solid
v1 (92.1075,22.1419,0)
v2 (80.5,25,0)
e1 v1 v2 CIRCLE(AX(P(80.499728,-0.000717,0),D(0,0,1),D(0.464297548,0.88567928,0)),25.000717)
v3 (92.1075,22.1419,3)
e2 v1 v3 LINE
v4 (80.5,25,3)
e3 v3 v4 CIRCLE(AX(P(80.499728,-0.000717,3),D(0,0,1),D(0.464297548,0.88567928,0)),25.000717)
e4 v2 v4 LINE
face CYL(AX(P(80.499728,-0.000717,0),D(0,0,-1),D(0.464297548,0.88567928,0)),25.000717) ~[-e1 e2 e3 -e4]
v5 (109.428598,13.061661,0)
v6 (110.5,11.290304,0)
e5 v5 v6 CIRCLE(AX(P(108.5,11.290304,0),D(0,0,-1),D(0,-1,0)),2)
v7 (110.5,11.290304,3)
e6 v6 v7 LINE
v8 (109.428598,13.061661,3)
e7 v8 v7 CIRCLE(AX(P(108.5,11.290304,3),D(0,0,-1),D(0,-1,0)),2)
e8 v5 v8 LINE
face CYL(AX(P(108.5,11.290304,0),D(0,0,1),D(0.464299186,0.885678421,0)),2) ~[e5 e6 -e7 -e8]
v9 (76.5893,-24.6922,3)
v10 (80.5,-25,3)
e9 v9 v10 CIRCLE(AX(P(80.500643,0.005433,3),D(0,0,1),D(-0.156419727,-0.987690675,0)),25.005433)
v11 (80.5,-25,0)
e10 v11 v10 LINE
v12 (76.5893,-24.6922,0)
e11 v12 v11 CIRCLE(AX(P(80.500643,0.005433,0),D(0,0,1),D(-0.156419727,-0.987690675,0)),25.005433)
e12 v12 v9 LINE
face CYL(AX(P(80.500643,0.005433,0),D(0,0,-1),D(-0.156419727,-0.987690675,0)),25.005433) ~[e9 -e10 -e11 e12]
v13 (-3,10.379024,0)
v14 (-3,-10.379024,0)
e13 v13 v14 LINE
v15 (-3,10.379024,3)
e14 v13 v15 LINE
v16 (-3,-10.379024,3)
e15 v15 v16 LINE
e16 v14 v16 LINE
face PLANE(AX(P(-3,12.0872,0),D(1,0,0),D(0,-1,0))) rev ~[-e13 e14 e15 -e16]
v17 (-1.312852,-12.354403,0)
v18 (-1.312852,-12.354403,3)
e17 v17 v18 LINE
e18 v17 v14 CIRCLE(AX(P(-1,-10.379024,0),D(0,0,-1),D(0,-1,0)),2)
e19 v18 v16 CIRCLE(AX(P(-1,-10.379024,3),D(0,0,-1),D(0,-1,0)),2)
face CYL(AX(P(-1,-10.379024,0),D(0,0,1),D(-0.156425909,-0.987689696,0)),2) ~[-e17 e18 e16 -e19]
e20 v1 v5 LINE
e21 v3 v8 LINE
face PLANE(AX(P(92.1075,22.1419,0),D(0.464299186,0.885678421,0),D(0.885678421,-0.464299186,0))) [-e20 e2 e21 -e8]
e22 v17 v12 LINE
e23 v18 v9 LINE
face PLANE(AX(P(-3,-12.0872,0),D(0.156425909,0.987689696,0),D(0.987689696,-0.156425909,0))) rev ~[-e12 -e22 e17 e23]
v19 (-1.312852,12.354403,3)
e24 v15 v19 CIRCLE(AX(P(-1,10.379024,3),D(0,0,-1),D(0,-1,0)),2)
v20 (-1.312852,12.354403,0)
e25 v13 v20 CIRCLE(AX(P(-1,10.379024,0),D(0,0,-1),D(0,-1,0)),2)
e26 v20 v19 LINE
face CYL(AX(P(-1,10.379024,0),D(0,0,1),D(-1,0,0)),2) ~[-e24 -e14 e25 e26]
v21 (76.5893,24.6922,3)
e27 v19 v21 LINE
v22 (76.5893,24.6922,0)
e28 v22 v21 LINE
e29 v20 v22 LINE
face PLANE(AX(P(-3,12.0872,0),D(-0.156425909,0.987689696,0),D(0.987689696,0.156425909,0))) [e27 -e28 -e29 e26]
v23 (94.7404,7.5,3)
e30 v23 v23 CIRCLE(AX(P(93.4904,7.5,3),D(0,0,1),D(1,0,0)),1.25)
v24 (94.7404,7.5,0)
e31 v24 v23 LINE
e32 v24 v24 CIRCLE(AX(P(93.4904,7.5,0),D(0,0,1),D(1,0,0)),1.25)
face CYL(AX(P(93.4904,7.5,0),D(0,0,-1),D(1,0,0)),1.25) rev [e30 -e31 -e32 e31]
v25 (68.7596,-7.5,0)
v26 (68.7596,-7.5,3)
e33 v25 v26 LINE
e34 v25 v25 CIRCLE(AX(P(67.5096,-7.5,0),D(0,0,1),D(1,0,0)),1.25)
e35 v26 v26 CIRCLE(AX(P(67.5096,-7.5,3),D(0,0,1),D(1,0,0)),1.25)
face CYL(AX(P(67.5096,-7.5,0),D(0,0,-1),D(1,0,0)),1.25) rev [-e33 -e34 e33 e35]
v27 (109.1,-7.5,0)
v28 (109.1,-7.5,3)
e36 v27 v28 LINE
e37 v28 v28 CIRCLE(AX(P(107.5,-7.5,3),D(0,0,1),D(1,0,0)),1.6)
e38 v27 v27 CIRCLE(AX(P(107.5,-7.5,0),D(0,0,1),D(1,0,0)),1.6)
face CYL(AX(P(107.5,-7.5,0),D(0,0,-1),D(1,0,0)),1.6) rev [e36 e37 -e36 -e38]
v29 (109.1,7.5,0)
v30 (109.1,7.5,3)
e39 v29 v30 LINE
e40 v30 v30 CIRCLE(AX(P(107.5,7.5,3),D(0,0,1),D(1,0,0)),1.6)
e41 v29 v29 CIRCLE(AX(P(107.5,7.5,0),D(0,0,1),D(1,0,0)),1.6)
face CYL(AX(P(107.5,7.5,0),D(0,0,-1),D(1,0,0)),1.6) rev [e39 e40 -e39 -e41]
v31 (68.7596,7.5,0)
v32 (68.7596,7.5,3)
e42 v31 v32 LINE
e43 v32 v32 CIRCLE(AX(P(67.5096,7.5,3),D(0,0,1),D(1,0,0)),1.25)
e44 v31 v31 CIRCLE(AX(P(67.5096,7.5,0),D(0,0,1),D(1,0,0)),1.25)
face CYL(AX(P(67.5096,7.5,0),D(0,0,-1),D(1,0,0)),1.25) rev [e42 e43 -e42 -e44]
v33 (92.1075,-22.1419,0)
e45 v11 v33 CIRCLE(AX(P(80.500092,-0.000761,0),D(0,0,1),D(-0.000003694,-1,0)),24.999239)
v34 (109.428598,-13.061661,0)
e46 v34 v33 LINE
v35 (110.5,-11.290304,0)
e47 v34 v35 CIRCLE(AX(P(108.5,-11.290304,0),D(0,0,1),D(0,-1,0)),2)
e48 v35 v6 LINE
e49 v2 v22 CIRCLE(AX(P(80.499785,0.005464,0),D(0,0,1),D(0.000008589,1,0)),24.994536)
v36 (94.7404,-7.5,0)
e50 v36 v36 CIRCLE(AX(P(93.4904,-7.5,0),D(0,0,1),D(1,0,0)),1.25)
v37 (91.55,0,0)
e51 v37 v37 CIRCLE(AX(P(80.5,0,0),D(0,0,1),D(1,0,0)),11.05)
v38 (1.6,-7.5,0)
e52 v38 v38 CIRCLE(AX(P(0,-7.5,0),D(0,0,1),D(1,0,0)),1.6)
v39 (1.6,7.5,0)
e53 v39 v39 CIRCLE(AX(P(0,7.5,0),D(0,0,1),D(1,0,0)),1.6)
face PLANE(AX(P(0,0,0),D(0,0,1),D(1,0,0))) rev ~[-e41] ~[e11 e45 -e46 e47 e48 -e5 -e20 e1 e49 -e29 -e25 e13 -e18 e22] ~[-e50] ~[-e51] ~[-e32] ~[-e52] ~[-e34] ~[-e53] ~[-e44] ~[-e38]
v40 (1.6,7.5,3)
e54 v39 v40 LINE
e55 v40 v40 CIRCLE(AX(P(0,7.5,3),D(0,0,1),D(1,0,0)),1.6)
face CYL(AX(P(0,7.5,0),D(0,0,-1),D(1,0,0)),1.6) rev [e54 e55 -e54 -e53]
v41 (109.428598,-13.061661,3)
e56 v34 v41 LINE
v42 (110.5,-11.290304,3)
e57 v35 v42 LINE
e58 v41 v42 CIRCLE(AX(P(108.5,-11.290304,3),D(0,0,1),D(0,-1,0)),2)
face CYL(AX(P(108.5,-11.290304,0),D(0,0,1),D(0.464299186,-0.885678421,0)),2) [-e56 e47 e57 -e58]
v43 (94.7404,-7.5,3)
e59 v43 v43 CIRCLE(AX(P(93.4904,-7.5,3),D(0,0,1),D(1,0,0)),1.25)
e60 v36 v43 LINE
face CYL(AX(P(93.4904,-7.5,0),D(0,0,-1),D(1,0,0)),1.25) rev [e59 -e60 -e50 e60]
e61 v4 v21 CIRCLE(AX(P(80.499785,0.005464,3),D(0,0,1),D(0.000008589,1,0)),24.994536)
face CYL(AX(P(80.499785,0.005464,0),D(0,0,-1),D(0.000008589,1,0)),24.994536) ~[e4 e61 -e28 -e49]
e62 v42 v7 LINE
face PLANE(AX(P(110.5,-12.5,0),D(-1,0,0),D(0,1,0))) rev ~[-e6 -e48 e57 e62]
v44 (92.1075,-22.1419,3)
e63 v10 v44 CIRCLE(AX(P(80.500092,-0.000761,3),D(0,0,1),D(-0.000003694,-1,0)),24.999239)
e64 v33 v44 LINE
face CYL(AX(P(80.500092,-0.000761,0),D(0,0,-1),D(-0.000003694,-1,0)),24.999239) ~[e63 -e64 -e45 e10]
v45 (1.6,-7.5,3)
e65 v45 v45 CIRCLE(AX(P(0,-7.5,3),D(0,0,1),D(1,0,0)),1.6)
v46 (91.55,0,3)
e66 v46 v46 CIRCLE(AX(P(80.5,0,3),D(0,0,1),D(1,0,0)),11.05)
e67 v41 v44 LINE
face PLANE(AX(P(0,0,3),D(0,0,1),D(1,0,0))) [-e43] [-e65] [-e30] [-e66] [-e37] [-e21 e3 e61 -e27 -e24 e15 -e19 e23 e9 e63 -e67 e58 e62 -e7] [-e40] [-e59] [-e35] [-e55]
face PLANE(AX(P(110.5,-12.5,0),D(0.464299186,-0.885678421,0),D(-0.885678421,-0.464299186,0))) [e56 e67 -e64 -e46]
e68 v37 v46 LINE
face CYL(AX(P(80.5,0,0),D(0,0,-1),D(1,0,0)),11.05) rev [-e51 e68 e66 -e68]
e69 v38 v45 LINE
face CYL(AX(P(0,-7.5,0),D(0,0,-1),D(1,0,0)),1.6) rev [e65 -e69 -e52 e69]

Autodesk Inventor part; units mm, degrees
ref_plane "YZ Plane" through (0, 0, 0) normal (1, 0, 0) x (0, 1, 0)
ref_plane "XZ Plane" through (0, 0, 0) normal (0, 1, 0) x (-1, 0, 0)
ref_plane "XY Plane" through (0, 0, 0) normal (0, 0, 1) x (1, 0, 0)
sketch "スケッチ1" plane through (0, 0, 0) normal (0, 0, 1) x (1, 0, 0)
  circle A0 centre (0, 7.5) radius 1.6
  circle A1 centre (0, -7.5) radius 1.6
  arc A2 (76.5893, 24.6922) -> (76.5893, -24.6922) centre (80.5, 0) ccw construction
  line L0 (3, 19.5) -> (75.5, 19.5) construction
  line L1 (75.5, 19.5) -> (75.5, -19.5) construction
  line L2 (75.5, -19.5) -> (3, -19.5) construction
  line L3 (3, -19.5) -> (3, 19.5) construction
  circle A3 centre (107.5, 7.5) radius 1.6
  circle A4 centre (107.5, -7.5) radius 1.6
  circle A5 centre (67.5096, 7.5) radius 1.25
  circle A6 centre (93.4904, 7.5) radius 1.25
  circle A7 centre (67.5096, -7.5) radius 1.25
  circle A8 centre (93.4904, -7.5) radius 1.25
  circle A9 centre (80.5, 0) radius 15 construction
  circle A10 centre (80.5, 0) radius 11.05
  line L4 (110.5, -12.5) -> (110.5, 12.5)
  line L5 (-3, 12.0872) -> (-3, -12.0872)
  line L6 (-3, -12.0872) -> (76.5893, -24.6922)
  line L7 (-3, 12.0872) -> (76.5893, 24.6922)
  arc A11 (80.5, 25) -> (76.5893, 24.6922) centre (80.5, 0) ccw
  arc A12 (76.5893, -24.6922) -> (80.5, -25) centre (80.5, 0) ccw
  arc A13 (80.5, -25) -> (92.1075, -22.1419) centre (80.5, 0) ccw
  line L8 (92.1075, 22.1419) -> (110.5, 12.5)
  line L9 (110.5, -12.5) -> (92.1075, -22.1419)
  arc A14 (92.1075, 22.1419) -> (80.5, 25) centre (80.5, 0) ccw
  arc A15 (92.1075, -22.1419) -> (92.1075, 22.1419) centre (80.5, 0) ccw construction
  point P0 (0, 0)
  dimension "d0" = 3.2
  dimension "d1" = 3.2
  dimension "d2" = 15
  dimension "d3" = 7.5
  dimension "d4" = 50
  dimension "d5" = 3
  dimension "d6" = 72.5
  dimension "d7" = 3.2
  dimension "d8" = 3.2
  dimension "d9" = 15
  dimension "d11" = 2.5
  dimension "d12" = 2.5
  dimension "d13" = 2.5
  dimension "d14" = 2.5
  dimension "d15" = 30
  dimension "d16" = 22.1
  dimension "d26" = 3
  dimension "d27" = 3
  dimension "d28" = 39
  dimension "d29" = 19.5
  dimension "d30" = 15
  dimension "d31" = 5
  dimension "d32" = 30
  dimension "d33" = 25
  dimension "d34" = 12.5
  dimension "d35" = 3
  dimension "d36" = 5
  dimension "d37" = 5
extrude "押し出し2" add sketch "スケッチ1" along normal blind 3
fillet "フィレット2" radius 2 4 edges at (-3, 12.0872, 1.5) (-3, -12.0872, 1.5) (110.5, 12.5, 1.5) (110.5, -12.5, 1.5)
equation "\"d3\" = 0.5 * d2"
properties part number "エアシリンダ側板" material "アルミニウム 6061"
